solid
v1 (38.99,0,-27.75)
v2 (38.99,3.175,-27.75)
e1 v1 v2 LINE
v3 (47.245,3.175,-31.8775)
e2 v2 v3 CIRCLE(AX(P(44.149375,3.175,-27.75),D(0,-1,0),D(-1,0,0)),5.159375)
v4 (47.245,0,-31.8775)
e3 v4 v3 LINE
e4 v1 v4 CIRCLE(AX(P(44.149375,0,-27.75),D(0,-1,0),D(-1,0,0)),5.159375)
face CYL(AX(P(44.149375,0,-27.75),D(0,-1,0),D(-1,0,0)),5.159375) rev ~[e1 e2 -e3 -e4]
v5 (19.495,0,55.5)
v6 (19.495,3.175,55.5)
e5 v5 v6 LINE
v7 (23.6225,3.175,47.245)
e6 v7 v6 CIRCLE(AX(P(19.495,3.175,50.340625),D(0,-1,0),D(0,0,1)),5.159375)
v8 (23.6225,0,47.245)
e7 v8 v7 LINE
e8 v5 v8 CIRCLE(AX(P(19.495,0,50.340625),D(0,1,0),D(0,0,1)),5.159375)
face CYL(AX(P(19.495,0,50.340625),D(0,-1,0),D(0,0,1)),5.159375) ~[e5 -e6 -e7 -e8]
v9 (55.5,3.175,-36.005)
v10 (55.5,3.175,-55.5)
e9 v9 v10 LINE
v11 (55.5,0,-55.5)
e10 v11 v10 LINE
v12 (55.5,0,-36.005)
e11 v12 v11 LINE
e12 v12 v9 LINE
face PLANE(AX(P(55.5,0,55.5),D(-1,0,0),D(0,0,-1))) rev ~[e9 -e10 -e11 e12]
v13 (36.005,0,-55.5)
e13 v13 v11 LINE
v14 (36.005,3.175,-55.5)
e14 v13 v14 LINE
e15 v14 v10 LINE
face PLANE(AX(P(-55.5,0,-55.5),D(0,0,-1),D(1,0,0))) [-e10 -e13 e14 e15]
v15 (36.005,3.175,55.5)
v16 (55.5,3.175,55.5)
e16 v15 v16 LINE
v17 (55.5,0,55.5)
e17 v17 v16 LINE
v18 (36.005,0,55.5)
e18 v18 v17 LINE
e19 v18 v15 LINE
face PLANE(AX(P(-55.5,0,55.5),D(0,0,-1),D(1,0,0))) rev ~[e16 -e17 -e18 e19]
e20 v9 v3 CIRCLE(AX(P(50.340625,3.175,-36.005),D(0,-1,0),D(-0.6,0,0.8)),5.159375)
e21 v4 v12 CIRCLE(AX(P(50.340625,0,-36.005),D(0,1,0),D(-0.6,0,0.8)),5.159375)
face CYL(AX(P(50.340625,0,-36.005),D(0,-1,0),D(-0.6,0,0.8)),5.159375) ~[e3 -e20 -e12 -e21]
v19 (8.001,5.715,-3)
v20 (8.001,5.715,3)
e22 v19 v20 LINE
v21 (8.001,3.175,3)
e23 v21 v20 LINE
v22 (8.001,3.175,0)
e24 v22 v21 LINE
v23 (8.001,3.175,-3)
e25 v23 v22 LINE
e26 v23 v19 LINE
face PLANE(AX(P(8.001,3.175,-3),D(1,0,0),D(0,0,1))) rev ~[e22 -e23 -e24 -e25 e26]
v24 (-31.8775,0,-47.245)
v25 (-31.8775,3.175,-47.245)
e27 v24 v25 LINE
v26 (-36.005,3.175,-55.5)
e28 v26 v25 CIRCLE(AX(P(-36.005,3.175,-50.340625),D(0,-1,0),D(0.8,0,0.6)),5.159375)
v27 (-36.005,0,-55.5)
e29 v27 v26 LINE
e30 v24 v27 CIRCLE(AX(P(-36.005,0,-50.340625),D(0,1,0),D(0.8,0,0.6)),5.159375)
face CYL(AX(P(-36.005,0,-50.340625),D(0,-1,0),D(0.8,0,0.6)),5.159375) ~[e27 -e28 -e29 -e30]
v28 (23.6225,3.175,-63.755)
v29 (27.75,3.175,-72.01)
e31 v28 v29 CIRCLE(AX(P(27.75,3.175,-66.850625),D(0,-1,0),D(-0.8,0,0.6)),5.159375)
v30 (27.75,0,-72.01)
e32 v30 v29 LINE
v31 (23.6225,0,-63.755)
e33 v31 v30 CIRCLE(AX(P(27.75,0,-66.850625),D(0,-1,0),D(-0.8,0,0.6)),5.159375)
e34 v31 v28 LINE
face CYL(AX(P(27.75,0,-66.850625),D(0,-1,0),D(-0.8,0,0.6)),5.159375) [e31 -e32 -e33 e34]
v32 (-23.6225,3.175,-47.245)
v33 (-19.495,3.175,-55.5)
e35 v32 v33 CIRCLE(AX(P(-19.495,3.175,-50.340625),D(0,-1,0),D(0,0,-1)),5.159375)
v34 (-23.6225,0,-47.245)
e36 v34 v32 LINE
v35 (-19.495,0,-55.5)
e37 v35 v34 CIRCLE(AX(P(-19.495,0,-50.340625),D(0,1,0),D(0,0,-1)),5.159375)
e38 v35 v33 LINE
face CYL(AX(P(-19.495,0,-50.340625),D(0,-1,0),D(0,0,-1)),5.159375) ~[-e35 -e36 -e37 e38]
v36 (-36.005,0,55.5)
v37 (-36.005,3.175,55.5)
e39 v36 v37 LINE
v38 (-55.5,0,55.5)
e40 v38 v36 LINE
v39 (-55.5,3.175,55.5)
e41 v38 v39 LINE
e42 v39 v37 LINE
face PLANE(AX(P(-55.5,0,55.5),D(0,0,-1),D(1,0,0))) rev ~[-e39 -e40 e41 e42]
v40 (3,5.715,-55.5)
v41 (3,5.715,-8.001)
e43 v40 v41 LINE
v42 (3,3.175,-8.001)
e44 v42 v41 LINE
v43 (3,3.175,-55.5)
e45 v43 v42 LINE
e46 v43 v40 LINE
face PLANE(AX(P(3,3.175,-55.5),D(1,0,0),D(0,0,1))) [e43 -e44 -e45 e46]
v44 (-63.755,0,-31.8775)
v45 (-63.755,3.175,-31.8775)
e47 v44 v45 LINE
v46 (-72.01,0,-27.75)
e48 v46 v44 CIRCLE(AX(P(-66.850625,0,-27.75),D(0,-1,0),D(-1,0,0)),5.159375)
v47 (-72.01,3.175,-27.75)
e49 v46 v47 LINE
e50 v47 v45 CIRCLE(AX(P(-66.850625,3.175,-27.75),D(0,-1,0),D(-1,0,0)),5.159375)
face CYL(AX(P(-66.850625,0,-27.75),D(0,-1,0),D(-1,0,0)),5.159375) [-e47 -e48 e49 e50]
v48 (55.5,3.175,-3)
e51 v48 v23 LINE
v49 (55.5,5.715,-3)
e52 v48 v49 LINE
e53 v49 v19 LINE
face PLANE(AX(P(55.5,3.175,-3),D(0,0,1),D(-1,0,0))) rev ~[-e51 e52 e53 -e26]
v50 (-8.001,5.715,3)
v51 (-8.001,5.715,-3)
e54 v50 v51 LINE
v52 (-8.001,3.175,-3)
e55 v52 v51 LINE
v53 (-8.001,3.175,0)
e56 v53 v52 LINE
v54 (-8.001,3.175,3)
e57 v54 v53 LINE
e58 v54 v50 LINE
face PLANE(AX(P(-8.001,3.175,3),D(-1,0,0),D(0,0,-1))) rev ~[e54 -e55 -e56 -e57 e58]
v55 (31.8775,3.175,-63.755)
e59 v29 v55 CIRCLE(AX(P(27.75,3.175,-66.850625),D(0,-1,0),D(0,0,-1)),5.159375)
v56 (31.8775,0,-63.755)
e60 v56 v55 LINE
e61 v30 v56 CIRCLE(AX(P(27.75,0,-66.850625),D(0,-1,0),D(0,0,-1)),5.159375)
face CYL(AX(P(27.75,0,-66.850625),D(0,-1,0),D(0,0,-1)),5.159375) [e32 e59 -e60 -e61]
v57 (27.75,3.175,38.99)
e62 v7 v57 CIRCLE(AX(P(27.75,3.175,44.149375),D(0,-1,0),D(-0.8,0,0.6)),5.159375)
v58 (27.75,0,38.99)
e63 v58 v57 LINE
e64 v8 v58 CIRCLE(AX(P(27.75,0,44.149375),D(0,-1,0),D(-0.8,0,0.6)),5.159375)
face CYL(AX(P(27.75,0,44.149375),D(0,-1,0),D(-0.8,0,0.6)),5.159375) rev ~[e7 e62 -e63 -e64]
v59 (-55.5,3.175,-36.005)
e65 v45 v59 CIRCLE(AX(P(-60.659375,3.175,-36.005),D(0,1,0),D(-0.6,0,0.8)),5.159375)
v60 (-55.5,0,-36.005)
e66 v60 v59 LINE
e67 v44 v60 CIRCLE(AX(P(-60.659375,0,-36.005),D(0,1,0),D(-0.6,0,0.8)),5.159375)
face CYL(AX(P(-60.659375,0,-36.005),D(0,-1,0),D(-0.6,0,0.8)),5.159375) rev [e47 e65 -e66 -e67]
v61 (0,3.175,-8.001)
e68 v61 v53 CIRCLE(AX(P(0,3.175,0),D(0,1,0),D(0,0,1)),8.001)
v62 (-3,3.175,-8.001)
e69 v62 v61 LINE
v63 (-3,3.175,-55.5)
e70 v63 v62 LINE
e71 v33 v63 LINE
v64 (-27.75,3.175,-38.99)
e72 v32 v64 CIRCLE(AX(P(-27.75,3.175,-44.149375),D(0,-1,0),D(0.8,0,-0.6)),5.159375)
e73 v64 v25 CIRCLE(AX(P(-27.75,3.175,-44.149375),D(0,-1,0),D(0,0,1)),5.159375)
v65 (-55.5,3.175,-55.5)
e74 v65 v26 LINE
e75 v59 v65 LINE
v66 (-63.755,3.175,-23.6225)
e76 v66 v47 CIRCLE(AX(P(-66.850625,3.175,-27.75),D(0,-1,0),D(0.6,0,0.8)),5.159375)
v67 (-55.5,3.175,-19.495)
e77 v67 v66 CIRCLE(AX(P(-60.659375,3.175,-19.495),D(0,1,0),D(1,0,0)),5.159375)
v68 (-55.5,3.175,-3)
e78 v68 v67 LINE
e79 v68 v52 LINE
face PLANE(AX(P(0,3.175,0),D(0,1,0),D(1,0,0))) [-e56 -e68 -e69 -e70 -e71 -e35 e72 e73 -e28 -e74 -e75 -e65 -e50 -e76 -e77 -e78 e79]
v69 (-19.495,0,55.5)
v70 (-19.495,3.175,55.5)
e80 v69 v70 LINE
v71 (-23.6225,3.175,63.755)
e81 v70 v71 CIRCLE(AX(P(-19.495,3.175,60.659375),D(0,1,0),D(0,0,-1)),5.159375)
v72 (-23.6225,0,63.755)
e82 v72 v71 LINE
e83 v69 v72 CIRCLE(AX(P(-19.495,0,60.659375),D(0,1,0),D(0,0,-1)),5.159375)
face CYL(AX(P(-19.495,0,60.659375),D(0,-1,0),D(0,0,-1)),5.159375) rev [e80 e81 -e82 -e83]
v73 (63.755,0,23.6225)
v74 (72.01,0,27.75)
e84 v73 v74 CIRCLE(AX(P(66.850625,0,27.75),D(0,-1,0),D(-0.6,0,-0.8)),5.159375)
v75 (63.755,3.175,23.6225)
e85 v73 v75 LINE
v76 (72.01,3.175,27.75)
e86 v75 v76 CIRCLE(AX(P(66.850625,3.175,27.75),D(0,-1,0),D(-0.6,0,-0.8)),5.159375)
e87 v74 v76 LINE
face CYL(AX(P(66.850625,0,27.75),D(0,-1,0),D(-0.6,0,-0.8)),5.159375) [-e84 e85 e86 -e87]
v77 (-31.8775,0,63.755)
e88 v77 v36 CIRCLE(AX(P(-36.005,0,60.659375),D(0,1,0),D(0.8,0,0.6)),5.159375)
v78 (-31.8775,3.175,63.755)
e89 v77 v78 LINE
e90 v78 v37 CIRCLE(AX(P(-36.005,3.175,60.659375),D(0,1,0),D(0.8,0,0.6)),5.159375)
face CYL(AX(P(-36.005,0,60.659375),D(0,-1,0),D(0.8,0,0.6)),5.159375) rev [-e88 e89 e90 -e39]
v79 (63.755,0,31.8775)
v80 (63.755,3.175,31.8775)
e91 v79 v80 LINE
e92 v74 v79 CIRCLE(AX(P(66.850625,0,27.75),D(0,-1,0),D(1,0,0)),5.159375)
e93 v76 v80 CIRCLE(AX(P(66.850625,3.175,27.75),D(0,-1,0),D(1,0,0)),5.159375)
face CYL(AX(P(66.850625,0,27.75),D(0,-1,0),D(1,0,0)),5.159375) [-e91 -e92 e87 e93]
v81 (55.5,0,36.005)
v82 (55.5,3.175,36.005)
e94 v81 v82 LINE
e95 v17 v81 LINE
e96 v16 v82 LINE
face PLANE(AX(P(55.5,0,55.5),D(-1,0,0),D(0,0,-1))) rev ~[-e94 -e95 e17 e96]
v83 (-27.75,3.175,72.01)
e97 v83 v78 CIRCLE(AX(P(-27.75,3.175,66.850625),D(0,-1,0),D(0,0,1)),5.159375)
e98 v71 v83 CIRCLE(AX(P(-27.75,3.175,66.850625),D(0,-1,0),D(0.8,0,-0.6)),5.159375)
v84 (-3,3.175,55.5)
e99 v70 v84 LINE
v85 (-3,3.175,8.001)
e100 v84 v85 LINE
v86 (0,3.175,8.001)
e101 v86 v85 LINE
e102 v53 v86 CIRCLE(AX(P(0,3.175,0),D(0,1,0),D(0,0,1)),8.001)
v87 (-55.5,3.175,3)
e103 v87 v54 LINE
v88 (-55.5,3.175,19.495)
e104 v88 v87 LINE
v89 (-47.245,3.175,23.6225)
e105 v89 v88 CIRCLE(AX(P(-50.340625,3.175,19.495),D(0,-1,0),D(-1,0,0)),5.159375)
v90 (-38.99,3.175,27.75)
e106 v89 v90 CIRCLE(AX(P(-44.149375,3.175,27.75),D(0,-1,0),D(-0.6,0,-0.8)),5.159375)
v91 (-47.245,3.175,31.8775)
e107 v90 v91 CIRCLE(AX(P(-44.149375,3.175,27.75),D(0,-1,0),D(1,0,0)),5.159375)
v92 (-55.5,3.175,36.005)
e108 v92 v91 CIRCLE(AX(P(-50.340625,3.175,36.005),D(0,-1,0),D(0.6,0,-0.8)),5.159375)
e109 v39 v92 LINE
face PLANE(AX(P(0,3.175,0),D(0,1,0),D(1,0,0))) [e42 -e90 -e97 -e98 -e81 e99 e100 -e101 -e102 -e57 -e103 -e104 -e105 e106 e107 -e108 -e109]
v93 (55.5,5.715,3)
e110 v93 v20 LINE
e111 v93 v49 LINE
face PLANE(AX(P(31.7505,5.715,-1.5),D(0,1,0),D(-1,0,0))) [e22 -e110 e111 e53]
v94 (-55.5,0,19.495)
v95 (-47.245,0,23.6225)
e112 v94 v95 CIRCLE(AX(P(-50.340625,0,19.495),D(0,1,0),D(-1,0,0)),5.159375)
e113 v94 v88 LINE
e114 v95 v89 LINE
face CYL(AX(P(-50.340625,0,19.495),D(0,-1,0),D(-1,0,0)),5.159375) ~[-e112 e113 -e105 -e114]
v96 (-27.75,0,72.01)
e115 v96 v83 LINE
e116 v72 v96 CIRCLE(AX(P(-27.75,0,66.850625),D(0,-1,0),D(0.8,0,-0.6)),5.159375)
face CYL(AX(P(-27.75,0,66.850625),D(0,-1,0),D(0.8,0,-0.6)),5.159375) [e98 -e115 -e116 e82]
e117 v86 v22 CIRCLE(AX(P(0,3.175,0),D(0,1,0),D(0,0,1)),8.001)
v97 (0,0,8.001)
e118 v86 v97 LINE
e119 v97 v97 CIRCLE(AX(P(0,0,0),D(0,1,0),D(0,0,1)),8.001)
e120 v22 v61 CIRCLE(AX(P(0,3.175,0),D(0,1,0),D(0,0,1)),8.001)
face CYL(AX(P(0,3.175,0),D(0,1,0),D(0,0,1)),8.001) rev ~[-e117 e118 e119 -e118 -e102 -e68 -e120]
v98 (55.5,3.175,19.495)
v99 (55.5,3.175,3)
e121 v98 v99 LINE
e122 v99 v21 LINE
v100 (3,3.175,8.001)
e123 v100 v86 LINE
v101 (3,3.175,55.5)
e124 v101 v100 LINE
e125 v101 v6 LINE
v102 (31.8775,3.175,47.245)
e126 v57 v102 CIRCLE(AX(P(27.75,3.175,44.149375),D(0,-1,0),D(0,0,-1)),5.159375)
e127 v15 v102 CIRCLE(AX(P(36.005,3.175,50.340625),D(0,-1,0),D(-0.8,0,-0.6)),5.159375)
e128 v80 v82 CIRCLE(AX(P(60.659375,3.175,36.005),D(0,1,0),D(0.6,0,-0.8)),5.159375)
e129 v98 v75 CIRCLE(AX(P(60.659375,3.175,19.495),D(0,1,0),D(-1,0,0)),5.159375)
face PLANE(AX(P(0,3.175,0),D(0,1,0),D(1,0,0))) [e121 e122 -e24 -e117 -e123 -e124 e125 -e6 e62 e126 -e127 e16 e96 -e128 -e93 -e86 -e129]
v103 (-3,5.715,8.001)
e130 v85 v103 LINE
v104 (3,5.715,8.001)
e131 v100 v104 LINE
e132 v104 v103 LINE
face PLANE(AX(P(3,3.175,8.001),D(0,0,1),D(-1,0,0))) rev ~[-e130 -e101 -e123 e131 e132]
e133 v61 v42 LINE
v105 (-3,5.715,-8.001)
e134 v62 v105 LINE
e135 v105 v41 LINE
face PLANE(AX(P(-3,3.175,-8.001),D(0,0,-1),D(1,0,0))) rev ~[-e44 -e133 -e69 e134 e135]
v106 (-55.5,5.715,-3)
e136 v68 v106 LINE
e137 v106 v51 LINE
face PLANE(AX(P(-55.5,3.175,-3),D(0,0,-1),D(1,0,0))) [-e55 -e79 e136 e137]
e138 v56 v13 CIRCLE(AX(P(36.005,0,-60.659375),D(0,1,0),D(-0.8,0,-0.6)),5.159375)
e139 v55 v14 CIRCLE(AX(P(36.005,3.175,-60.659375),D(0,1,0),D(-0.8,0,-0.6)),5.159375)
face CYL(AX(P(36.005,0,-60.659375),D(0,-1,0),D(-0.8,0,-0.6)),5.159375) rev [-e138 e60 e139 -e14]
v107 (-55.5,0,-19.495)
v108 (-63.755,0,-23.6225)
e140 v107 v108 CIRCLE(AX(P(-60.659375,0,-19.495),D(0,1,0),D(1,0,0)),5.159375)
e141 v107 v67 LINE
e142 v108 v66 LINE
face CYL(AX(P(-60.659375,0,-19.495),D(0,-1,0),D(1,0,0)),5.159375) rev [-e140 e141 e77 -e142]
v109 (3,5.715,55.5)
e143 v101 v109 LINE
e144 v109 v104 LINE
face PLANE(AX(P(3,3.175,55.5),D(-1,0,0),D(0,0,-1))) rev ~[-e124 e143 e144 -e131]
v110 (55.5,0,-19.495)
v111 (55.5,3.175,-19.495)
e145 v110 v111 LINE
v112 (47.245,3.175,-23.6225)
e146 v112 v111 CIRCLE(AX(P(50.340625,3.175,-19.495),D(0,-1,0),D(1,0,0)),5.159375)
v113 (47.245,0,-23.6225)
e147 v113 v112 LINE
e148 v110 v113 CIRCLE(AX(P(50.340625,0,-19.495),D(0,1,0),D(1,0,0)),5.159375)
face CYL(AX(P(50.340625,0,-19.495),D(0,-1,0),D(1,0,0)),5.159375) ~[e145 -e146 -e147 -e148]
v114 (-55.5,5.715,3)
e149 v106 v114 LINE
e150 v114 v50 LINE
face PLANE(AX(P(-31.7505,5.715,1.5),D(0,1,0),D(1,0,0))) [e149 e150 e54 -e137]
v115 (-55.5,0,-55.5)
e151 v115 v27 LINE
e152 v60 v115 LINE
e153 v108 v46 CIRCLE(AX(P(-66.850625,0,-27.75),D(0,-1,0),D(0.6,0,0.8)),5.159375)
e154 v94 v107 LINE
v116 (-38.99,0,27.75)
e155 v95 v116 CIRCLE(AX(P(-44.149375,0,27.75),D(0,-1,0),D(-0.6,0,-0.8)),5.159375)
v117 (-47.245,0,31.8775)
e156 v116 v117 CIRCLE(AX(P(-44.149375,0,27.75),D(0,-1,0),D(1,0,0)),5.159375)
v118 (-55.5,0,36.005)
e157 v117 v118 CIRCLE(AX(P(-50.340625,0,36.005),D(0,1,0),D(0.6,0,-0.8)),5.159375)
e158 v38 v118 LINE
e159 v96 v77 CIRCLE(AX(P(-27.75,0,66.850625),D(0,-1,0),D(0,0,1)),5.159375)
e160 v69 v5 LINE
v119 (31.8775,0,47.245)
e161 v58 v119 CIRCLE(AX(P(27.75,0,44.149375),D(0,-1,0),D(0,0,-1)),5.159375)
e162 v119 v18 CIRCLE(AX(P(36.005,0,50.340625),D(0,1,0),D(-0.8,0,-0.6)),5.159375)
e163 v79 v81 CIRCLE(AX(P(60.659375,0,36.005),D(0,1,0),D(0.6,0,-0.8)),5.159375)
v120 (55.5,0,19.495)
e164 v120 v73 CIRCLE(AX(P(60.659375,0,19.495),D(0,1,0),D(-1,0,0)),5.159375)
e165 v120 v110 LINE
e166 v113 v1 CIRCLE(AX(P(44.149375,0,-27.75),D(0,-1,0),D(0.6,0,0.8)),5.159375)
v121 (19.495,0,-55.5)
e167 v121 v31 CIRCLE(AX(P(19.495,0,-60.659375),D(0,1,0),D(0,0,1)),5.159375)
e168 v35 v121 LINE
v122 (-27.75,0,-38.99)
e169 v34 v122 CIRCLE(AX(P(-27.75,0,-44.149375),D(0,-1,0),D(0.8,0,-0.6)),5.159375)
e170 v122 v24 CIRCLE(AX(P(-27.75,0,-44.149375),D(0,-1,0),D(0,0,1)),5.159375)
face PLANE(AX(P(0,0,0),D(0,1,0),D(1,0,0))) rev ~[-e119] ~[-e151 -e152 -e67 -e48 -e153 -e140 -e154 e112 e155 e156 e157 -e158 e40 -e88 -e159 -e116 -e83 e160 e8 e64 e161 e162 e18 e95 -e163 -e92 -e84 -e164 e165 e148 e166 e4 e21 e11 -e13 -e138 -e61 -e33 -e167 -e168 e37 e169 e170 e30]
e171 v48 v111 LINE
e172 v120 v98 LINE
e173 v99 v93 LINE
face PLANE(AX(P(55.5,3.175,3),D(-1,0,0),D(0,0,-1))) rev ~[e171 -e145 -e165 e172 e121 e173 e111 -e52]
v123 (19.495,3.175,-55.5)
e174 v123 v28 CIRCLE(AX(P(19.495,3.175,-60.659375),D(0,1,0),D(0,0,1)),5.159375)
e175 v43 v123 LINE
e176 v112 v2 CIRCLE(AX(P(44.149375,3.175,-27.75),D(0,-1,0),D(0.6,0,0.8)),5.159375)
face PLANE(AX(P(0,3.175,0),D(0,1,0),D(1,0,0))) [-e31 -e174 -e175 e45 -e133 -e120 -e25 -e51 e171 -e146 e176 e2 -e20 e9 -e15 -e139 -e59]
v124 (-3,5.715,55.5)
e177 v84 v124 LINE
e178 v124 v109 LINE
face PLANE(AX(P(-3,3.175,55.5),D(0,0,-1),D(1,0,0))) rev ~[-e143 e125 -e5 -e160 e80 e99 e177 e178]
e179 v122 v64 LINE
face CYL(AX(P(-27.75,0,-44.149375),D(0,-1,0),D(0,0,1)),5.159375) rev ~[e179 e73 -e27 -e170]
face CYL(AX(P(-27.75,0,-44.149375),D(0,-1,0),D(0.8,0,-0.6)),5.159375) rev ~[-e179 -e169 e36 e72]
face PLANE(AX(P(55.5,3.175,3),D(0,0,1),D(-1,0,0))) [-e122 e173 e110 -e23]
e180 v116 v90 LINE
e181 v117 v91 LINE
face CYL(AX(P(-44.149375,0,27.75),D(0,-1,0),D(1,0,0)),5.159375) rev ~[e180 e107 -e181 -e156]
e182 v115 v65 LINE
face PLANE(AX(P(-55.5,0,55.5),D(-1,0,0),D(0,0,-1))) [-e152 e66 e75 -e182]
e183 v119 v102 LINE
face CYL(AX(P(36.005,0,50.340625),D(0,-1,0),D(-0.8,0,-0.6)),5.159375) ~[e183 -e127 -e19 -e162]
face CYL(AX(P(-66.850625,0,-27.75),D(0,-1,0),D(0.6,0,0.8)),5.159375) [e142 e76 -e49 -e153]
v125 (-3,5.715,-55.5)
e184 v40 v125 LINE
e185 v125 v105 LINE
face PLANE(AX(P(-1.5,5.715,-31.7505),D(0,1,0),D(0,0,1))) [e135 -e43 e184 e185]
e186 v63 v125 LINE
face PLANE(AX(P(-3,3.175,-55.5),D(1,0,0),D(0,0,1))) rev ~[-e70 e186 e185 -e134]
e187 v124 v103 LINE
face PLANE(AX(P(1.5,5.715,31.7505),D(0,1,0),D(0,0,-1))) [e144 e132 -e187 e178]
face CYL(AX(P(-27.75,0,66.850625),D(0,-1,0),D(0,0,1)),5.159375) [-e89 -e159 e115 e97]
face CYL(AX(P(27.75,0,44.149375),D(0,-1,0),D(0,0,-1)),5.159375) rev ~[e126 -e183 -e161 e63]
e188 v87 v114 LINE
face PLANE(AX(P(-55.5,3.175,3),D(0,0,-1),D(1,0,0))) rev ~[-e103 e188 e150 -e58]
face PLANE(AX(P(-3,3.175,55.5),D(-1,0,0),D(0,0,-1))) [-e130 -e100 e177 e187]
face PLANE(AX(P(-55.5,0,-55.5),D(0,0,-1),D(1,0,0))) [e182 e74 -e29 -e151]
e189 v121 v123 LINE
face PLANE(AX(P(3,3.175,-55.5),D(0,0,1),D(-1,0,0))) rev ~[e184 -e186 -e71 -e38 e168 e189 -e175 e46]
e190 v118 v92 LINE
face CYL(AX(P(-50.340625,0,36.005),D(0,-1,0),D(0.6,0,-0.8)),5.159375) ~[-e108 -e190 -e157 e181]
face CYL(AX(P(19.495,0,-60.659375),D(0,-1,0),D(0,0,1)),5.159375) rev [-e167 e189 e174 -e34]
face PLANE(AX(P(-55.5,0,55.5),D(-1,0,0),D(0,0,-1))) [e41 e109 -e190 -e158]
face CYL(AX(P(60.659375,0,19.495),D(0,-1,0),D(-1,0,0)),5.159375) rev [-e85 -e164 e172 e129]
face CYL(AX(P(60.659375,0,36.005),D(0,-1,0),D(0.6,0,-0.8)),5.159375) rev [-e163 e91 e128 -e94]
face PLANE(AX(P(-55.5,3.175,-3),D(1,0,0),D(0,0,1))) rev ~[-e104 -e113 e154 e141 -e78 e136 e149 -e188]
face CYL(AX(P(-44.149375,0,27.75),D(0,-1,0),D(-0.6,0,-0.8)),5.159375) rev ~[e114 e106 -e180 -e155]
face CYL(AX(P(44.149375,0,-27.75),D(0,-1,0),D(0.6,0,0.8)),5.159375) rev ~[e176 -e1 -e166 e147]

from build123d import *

# Parameters (mm, degrees)
SKETCH1_W           = 111
SKETCH1_H           = 111
BOSS_EXTRUDE1_DEPTH = 3.175
BOSS_EXTRUDE2_DEPTH = 3.175
CUT_EXTRUDE2_DEPTH  = 91.971263182
CIRPATTERN1_COUNT   = 4
SKETCH4_R           = 8.001
CUT_EXTRUDE3_DEPTH  = 3.175
SKETCH5_W           = 47.499
SKETCH5_H           = 3
BOSS_EXTRUDE3_DEPTH = 2.54
CIRPATTERN2_COUNT   = 4


with BuildPart() as part:
    # Sketch1 → Boss-Extrude1 (new body)
    with BuildSketch(Plane(origin=(0, 0, 0), x_dir=(1, 0, 0), z_dir=(0, 1, 0))):
        Rectangle(SKETCH1_W, SKETCH1_H)
    extrude(amount=BOSS_EXTRUDE1_DEPTH)

    # Sketch2 → Boss-Extrude2 (add)
    with BuildSketch(Plane(origin=(0, 0, 0), x_dir=(1, 0, 0), z_dir=(0, 1, 0))):
        with BuildLine():
            Line((-55.5, 36.005), (-55.5, 19.495))
            ThreePointArc((-55.5, 19.495), (-58.352032356, 24.109685289), (-63.755, 23.6225))
            ThreePointArc((-63.755, 23.6225), (-69.157967644, 23.135314711), (-72.01, 27.75))
            ThreePointArc((-72.01, 27.75), (-69.157967644, 32.364685289), (-63.755, 31.8775))
            ThreePointArc((-63.755, 31.8775), (-58.352032356, 31.390314711), (-55.5, 36.005))
        make_face()
    boss_extrude2 = extrude(amount=BOSS_EXTRUDE2_DEPTH)

    # Sketch2<3> → Cut-Extrude2 (cut, through all)
    with BuildSketch(Plane(origin=(0, 0, 0), x_dir=(1, 0, 0), z_dir=(0, 1, 0))):
        with BuildLine():
            Line((-55.5, -36.005), (-55.5, -19.495))
            ThreePointArc((-55.5, -19.495), (-52.647967644, -24.109685289), (-47.245, -23.6225))
            ThreePointArc((-47.245, -23.6225), (-41.842032356, -23.135314711), (-38.99, -27.75))
            ThreePointArc((-38.99, -27.75), (-41.842032356, -32.364685289), (-47.245, -31.8775))
            ThreePointArc((-47.245, -31.8775), (-52.647967644, -31.390314711), (-55.5, -36.005))
        make_face()
    cut_extrude2 = extrude(amount=CUT_EXTRUDE2_DEPTH, mode=Mode.SUBTRACT)

    # CirPattern1: Boss-Extrude2, Cut-Extrude2 ×4 about axis
    cirpattern1_axis = Axis((0, 0, 0), (0, 1, 0))
    add([boss_extrude2.rotate(cirpattern1_axis, i * 360 / CIRPATTERN1_COUNT) for i in range(1, CIRPATTERN1_COUNT)])
    add([cut_extrude2.rotate(cirpattern1_axis, i * 360 / CIRPATTERN1_COUNT) for i in range(1, CIRPATTERN1_COUNT)], mode=Mode.SUBTRACT)

    # Sketch4 → Cut-Extrude3 (cut)
    with BuildSketch(Plane(origin=(0, 3.175, 0), x_dir=(1, 0, 0), z_dir=(0, 1, 0))):
        with Locations(Location((0, 0, 0), (0, 0, 270))):
            Circle(SKETCH4_R)
    extrude(amount=-CUT_EXTRUDE3_DEPTH, mode=Mode.SUBTRACT)

    # Sketch5 → Boss-Extrude3 (add)
    with BuildSketch(Plane(origin=(0, 3.175, 0), x_dir=(1, 0, 0), z_dir=(0, 1, 0))):
        with Locations((-31.7505, -1.5)):
            Rectangle(SKETCH5_W, SKETCH5_H)
        with Locations((-31.7505, 1.5)):
            Rectangle(SKETCH5_W, SKETCH5_H)
    boss_extrude3 = extrude(amount=BOSS_EXTRUDE3_DEPTH)

    # CirPattern2: Boss-Extrude3 ×4 about axis
    cirpattern2_axis = Axis((0, 0, 0), (0, 1, 0))
    for i in range(1, CIRPATTERN2_COUNT):
        add(boss_extrude3.rotate(cirpattern2_axis, i * 360 / CIRPATTERN2_COUNT))


solid = part.part
